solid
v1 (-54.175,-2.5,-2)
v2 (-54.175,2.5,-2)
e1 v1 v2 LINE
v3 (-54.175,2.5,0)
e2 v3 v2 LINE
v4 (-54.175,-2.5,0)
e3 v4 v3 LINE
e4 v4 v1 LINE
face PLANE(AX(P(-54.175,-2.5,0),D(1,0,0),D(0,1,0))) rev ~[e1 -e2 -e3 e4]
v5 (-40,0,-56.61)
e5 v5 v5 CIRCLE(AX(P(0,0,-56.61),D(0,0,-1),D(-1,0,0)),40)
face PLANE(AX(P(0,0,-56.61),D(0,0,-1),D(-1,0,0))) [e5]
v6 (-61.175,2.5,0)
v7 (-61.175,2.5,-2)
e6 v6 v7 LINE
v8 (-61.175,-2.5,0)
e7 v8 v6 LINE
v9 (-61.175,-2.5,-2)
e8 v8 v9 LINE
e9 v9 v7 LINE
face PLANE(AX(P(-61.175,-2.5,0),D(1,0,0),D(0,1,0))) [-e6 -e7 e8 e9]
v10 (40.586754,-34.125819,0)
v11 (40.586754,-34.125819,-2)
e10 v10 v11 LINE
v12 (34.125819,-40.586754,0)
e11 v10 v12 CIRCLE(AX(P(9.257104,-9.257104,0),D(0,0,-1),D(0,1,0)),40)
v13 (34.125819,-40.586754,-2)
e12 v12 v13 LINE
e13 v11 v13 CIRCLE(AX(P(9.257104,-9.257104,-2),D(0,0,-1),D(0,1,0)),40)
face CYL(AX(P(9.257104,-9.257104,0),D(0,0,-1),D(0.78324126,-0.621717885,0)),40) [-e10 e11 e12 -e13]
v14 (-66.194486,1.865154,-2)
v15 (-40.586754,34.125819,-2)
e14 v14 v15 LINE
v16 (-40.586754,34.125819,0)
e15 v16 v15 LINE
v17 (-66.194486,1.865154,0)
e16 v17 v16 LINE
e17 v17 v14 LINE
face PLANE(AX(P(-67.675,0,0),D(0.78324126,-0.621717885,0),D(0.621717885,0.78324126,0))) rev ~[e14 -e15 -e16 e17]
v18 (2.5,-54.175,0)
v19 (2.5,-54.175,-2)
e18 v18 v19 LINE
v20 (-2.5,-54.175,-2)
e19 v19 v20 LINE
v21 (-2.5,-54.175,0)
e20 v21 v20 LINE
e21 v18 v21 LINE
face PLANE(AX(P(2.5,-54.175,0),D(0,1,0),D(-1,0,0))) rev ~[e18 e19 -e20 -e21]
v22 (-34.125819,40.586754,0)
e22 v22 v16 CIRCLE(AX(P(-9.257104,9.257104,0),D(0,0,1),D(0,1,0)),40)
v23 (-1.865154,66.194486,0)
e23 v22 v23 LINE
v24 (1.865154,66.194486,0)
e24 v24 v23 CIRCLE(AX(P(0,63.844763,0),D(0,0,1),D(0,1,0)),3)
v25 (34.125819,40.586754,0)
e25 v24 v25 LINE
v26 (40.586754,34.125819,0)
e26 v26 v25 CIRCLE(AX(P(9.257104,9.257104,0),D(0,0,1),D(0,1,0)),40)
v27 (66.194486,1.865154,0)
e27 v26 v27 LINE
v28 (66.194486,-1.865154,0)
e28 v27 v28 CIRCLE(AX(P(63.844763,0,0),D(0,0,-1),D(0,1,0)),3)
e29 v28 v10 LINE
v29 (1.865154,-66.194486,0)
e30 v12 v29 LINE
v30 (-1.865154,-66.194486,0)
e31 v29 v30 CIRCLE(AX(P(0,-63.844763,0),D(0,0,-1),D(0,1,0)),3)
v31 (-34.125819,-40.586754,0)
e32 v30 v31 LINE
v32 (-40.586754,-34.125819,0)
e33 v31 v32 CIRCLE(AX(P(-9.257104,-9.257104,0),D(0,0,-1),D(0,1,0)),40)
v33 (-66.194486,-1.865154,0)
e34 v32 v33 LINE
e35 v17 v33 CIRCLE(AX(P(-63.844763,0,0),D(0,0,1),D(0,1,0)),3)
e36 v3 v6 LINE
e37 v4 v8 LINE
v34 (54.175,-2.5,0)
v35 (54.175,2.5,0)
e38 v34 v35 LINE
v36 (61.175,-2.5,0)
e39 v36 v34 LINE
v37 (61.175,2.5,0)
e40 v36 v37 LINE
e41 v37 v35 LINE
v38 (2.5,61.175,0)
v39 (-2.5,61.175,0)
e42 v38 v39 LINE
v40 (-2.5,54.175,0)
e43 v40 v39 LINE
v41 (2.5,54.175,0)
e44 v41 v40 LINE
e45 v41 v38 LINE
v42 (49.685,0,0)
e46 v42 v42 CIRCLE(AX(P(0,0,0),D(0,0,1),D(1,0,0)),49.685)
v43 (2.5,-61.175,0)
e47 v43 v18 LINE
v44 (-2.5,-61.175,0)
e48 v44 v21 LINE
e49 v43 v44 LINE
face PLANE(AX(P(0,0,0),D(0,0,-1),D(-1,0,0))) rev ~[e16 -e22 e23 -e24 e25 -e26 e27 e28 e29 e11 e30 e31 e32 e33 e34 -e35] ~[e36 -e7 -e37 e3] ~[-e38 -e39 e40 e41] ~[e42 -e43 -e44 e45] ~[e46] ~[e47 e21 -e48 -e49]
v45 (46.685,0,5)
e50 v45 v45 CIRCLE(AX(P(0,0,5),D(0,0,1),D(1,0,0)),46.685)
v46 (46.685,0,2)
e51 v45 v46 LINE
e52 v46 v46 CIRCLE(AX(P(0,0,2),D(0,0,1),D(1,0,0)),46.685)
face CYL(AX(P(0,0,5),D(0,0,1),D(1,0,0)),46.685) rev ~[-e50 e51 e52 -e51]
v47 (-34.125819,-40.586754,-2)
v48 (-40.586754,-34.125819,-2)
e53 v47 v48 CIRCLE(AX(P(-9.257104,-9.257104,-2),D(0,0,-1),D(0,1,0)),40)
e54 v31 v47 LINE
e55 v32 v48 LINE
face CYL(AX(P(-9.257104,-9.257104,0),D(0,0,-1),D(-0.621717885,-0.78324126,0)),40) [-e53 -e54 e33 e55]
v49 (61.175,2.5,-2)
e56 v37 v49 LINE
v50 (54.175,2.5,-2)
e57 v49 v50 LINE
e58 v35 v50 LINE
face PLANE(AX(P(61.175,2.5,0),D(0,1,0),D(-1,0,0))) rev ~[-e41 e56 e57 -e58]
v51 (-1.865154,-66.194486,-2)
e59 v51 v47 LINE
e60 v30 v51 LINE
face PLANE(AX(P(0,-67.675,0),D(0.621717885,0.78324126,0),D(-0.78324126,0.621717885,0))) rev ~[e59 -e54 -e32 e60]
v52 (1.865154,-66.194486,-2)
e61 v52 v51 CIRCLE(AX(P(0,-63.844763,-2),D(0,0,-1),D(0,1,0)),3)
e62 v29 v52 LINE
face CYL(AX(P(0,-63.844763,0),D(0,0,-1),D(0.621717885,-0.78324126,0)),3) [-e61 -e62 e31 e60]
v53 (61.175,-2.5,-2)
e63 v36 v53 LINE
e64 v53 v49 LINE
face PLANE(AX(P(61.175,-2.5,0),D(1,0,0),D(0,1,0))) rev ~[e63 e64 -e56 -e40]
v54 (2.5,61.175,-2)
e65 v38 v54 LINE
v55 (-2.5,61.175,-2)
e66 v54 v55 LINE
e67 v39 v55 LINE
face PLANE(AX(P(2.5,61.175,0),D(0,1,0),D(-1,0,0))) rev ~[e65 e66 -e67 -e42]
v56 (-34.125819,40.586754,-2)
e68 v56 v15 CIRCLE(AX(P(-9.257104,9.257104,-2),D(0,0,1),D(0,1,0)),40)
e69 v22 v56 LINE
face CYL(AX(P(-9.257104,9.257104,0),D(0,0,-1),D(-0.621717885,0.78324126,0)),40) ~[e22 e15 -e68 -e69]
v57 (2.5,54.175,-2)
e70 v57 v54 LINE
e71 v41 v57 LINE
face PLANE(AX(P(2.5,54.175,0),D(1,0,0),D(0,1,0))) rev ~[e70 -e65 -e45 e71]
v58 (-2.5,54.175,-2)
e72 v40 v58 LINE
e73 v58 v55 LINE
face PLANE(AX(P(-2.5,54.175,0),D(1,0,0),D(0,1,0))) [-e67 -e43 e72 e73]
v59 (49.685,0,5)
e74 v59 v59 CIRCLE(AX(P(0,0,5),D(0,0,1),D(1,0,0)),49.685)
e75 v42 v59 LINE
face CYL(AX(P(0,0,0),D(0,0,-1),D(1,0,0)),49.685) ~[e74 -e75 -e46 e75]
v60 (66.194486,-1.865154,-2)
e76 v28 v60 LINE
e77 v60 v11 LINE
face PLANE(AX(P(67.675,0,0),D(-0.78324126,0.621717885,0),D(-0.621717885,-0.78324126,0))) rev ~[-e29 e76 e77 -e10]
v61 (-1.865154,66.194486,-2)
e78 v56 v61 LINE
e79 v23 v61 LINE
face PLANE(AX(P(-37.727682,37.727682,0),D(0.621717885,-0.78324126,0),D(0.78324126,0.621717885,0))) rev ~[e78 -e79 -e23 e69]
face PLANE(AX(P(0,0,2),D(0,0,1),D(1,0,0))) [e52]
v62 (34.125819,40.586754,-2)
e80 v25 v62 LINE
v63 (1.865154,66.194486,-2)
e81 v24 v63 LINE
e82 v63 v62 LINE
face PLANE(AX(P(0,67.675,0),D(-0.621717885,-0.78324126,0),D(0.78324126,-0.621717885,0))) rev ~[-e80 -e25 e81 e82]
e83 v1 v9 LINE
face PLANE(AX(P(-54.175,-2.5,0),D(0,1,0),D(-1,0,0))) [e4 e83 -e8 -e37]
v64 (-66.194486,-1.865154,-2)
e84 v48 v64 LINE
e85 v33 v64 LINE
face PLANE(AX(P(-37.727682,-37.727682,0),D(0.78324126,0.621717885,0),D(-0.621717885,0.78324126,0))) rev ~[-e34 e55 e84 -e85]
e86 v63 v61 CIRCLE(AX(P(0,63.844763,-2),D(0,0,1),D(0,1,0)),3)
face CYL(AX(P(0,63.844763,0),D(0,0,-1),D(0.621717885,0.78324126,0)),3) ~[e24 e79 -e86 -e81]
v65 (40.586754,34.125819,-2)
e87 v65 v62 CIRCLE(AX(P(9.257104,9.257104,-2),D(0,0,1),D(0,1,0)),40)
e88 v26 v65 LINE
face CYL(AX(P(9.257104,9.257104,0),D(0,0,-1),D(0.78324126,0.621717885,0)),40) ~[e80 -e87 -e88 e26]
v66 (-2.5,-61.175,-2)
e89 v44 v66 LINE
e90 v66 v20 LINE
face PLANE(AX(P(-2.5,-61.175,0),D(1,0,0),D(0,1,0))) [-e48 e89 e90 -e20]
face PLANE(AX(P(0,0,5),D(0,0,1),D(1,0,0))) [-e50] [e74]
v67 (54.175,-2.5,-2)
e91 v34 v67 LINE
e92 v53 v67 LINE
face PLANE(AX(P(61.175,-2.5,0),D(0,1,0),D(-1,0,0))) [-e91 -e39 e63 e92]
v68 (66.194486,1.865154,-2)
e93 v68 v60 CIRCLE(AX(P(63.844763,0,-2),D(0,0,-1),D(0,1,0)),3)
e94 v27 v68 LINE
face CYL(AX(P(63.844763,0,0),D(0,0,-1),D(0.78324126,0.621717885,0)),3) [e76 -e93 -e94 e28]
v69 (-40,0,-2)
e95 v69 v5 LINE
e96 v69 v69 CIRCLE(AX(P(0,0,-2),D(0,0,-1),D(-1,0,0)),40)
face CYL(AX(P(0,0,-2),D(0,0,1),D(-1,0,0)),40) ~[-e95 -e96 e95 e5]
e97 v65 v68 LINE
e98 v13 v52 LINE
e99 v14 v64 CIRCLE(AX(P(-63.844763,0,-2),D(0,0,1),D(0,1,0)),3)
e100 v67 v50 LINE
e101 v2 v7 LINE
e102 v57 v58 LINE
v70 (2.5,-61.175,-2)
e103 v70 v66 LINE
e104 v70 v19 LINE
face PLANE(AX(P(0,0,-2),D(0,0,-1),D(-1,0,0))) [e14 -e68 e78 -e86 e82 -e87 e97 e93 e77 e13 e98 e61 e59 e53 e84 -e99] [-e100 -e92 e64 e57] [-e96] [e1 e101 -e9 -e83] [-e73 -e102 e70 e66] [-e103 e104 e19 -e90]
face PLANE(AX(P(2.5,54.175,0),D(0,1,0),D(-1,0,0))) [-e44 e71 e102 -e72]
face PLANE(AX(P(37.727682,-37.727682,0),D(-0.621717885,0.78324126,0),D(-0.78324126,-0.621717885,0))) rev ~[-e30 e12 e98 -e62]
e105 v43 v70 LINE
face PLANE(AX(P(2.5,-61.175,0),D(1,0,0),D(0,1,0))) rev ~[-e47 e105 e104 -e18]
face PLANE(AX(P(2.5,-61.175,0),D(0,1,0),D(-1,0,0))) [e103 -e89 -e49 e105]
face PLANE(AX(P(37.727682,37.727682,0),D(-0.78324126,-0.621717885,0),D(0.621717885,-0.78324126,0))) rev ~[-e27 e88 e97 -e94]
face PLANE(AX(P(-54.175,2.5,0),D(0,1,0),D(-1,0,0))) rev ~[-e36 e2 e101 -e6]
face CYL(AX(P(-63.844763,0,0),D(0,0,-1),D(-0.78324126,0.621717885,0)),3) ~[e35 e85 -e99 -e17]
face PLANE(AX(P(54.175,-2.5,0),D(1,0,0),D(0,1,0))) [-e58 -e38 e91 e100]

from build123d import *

# Parameters (mm, degrees)
SKETCH1_R           = 49.685
BOSS_EXTRUDE1_DEPTH = 5
SKETCH2_R           = 46.685
CUT_EXTRUDE1_DEPTH  = 3
SKETCH3_W           = 7
SKETCH3_H           = 5
SKETCH3_W_2         = 5
SKETCH3_H_2         = 7
BOSS_EXTRUDE2_DEPTH = 2
SKETCH4_R           = 40
BOSS_EXTRUDE3_DEPTH = 54.61
FILLET2_R           = 3
FILLET3_R           = 40


with BuildPart() as part:
    # Sketch1 → Boss-Extrude1 (new body)
    with BuildSketch(Plane.XY):
        Circle(SKETCH1_R)
    extrude(amount=BOSS_EXTRUDE1_DEPTH)

    # Sketch2 → Cut-Extrude1 (cut)
    with BuildSketch(Plane.XY.offset(5)):
        Circle(SKETCH2_R)
    extrude(amount=-CUT_EXTRUDE1_DEPTH, mode=Mode.SUBTRACT)

    # Sketch3 → Boss-Extrude2 (add)
    with BuildSketch(Plane(origin=(0, 0, 0), x_dir=(-1, 0, 0), z_dir=(0, 0, -1))):
        Polygon((-37.72768231, 37.72768231), (-67.675, 0), (-37.72768231, -37.72768231), (0, -67.675), (37.72768231, -37.72768231), (67.675, 0), (37.72768231, 37.72768231), (0, 67.675), align=None)
        with Locations((-57.675, 0)):
            Rectangle(SKETCH3_W, SKETCH3_H, mode=Mode.SUBTRACT)
        with Locations((0, 57.675)):
            Rectangle(SKETCH3_W_2, SKETCH3_H_2, mode=Mode.SUBTRACT)
        with Locations((57.675, 0)):
            Rectangle(SKETCH3_W, SKETCH3_H, mode=Mode.SUBTRACT)
        with Locations((0, -57.675)):
            Rectangle(SKETCH3_W_2, SKETCH3_H_2, mode=Mode.SUBTRACT)
    extrude(amount=BOSS_EXTRUDE2_DEPTH)

    # Sketch4 → Boss-Extrude3 (add)
    with BuildSketch(Plane(origin=(0, 0, -2), x_dir=(-1, 0, 0), z_dir=(0, 0, -1))):
        Circle(SKETCH4_R)
    extrude(amount=BOSS_EXTRUDE3_DEPTH)

    # Fillet2
    fillet2_edges = [part.edges().sort_by_distance(p)[0] for p in [
        (-67.675, 0, -1),
        (0, 67.675, -1),
        (67.675, 0, -1),
        (0, -67.675, -1),
    ]]
    fillet(fillet2_edges, radius=FILLET2_R)

    # Fillet3
    fillet3_edges = [part.edges().sort_by_distance(p)[0] for p in [
        (-37.72768231, 37.72768231, -1),
        (37.72768231, 37.72768231, -1),
        (37.72768231, -37.72768231, -1),
        (-37.72768231, -37.72768231, -1),
    ]]
    fillet(fillet3_edges, radius=FILLET3_R)


solid = part.part
